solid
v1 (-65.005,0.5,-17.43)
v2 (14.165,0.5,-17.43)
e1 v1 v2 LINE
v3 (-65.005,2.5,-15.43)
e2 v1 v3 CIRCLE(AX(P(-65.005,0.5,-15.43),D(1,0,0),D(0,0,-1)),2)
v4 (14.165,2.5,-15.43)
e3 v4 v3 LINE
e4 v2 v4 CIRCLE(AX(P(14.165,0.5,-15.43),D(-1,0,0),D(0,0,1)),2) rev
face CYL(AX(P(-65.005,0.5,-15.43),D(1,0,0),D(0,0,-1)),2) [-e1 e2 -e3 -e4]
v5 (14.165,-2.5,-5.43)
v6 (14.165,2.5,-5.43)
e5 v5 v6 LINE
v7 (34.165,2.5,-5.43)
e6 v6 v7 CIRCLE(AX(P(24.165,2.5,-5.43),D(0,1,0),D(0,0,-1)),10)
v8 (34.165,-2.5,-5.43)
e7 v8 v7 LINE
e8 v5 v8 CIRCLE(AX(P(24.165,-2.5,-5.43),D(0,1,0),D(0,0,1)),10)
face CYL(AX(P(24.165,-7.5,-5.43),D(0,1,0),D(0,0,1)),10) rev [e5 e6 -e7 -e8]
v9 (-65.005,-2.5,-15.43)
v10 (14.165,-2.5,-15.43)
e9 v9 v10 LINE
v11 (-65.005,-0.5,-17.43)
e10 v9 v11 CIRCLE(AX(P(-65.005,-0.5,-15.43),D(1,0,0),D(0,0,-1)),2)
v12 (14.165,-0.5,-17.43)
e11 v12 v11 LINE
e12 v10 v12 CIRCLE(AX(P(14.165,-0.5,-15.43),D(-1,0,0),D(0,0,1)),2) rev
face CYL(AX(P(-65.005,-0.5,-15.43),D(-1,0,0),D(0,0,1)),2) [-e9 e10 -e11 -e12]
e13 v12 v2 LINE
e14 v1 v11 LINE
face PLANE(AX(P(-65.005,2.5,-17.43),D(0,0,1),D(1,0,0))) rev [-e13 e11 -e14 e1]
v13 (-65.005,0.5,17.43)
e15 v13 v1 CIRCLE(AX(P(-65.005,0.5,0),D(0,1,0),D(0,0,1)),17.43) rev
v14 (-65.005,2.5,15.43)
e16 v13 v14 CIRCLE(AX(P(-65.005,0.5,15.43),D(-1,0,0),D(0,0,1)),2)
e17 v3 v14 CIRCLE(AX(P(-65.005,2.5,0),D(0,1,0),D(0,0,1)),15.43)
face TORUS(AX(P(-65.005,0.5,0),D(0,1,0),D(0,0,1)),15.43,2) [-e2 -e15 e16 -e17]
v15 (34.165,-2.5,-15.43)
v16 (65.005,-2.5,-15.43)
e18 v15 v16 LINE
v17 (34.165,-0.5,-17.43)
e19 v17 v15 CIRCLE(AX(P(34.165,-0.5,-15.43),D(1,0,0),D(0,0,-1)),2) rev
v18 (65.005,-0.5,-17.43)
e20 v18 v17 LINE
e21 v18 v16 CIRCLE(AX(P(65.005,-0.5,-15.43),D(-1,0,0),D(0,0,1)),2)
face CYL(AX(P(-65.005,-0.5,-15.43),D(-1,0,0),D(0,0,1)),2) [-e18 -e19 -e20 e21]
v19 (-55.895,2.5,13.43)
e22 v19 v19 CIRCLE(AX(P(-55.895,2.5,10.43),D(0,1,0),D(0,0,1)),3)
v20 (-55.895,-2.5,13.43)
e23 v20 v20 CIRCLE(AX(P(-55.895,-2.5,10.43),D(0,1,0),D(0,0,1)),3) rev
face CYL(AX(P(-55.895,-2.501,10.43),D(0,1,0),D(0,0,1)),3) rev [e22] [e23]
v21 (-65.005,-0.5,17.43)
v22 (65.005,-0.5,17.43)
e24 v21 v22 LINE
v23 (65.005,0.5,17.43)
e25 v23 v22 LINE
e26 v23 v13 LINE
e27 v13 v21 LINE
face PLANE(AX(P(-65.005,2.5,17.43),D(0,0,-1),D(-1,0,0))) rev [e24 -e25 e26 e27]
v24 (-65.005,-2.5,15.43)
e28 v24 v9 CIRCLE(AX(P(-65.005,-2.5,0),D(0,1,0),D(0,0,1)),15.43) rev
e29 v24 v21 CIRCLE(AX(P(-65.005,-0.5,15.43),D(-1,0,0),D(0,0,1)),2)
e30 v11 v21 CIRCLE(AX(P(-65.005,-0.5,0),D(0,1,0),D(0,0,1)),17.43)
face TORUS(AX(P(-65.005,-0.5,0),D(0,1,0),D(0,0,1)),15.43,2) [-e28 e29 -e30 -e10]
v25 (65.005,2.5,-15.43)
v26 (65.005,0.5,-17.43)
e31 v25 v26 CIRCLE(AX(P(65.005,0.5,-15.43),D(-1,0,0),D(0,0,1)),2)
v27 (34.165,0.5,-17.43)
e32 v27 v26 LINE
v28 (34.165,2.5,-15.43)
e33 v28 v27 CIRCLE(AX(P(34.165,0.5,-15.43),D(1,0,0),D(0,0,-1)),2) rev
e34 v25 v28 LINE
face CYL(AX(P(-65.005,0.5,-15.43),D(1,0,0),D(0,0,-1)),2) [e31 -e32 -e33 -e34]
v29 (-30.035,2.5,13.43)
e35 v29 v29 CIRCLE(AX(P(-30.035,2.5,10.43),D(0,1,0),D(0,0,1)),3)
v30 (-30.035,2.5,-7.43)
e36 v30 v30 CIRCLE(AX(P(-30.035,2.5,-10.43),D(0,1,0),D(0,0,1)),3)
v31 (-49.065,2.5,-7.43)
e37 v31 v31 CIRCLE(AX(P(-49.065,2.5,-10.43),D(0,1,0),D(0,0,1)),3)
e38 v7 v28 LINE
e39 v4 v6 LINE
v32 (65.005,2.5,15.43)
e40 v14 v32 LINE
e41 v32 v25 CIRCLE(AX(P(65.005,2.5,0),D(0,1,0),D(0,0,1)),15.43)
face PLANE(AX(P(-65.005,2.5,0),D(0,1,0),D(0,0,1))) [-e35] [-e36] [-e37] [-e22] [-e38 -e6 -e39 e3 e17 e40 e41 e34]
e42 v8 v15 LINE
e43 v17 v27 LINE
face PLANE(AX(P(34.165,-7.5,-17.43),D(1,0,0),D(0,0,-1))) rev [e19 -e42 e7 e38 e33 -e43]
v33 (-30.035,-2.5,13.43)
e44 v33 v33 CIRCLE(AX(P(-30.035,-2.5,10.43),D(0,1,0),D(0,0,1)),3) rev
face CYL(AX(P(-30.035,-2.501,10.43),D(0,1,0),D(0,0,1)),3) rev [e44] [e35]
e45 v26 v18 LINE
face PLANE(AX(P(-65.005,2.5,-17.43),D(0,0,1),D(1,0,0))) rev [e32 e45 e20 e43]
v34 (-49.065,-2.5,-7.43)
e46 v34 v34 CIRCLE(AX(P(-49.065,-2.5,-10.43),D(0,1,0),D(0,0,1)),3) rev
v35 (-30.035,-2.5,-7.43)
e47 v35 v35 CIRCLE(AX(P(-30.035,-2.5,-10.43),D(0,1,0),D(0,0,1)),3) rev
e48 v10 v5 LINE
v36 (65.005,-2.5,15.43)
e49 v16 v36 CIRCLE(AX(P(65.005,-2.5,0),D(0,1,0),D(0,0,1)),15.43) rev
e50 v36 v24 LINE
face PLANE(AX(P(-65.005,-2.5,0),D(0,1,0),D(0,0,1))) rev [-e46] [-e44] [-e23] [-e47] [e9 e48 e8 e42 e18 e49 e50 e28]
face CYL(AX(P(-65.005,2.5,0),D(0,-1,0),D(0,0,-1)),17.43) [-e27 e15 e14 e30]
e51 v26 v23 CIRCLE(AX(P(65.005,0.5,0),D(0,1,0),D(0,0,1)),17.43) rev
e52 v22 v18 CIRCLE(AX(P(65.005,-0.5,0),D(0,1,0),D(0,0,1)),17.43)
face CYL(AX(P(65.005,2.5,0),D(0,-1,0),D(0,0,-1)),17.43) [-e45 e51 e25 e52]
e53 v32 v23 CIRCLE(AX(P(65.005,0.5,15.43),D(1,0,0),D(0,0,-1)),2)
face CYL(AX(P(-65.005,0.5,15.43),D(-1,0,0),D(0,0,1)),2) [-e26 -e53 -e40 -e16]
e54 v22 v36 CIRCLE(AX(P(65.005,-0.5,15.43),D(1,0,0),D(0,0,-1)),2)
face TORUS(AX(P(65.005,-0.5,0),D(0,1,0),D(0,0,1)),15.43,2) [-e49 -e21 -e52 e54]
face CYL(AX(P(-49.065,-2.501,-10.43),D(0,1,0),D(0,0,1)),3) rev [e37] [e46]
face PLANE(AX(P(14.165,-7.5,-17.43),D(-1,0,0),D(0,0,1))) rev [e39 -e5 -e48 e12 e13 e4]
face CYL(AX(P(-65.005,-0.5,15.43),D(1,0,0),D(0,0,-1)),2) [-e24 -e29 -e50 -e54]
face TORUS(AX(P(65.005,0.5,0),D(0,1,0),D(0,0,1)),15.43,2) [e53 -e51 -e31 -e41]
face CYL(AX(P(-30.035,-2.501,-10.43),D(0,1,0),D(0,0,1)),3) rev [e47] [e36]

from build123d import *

# Parameters (mm, degrees)
BOSS_EXTRUDE1_DEPTH = 2.5
CUT_EXTRUDE1_REACH  = 86.406
SKETCH2_R           = 3
FILLET1_R           = 2
CUT_EXTRUDE2_DEPTH  = 10


with BuildPart() as part:
    # Sketch1 → Boss-Extrude1 (new, symmetric)
    with BuildSketch(Plane(origin=(0, 0, 0), x_dir=(1, 0, 0), z_dir=(0, 1, 0))):
        with BuildLine():
            Line((-65.005, 17.43), (65.005, 17.43))
            ThreePointArc((65.005, 17.43), (82.435, 0), (65.005, -17.43))
            Line((65.005, -17.43), (-65.005, -17.43))
            ThreePointArc((-65.005, -17.43), (-82.435, 0), (-65.005, 17.43))
        make_face()
    extrude(amount=BOSS_EXTRUDE1_DEPTH, both=True)

    # Sketch2 → Cut-Extrude1 (cut, up to next)
    with BuildSketch(Plane(origin=(0, 2.5, 0), x_dir=(1, 0, 0), z_dir=(0, 1, 0)), mode=Mode.PRIVATE) as cut_extrude1_sk1:
        with Locations(Location((-49.065, 10.43, 0), (0, 0, 270))):
            Circle(SKETCH2_R)
    cut_extrude1_tool1 = extrude(cut_extrude1_sk1.sketch, amount=-CUT_EXTRUDE1_REACH, mode=Mode.PRIVATE) & part.part
    # Sketch2 → Cut-Extrude1 (cut, up to next)
    with BuildSketch(Plane(origin=(0, 2.5, 0), x_dir=(1, 0, 0), z_dir=(0, 1, 0)), mode=Mode.PRIVATE) as cut_extrude1_sk2:
        with Locations(Location((-30.035, 10.43, 0), (0, 0, 270))):
            Circle(SKETCH2_R)
    cut_extrude1_tool2 = extrude(cut_extrude1_sk2.sketch, amount=-CUT_EXTRUDE1_REACH, mode=Mode.PRIVATE) & part.part
    # Sketch2 → Cut-Extrude1 (cut, up to next)
    with BuildSketch(Plane(origin=(0, 2.5, 0), x_dir=(1, 0, 0), z_dir=(0, 1, 0)), mode=Mode.PRIVATE) as cut_extrude1_sk3:
        with Locations(Location((-55.895, -10.43, 0), (0, 0, 270))):
            Circle(SKETCH2_R)
    cut_extrude1_tool3 = extrude(cut_extrude1_sk3.sketch, amount=-CUT_EXTRUDE1_REACH, mode=Mode.PRIVATE) & part.part
    # Sketch2 → Cut-Extrude1 (cut, up to next)
    with BuildSketch(Plane(origin=(0, 2.5, 0), x_dir=(1, 0, 0), z_dir=(0, 1, 0)), mode=Mode.PRIVATE) as cut_extrude1_sk4:
        with Locations(Location((-30.035, -10.43, 0), (0, 0, 270))):
            Circle(SKETCH2_R)
    cut_extrude1_tool4 = extrude(cut_extrude1_sk4.sketch, amount=-CUT_EXTRUDE1_REACH, mode=Mode.PRIVATE) & part.part
    add(cut_extrude1_tool1.solids().sort_by_distance((-49.065, 2.5, -10.43))[0], mode=Mode.SUBTRACT)
    add(cut_extrude1_tool2.solids().sort_by_distance((-30.035, 2.5, -10.43))[0], mode=Mode.SUBTRACT)
    add(cut_extrude1_tool3.solids().sort_by_distance((-55.895, 2.5, 10.43))[0], mode=Mode.SUBTRACT)
    add(cut_extrude1_tool4.solids().sort_by_distance((-30.035, 2.5, 10.43))[0], mode=Mode.SUBTRACT)

    # Fillet1
    fillet1_edges = [part.edges().sort_by_distance(p)[0] for p in [
        (82.435, 2.5, 0),
        (0, 2.5, -17.43),
        (-82.435, 2.5, 0),
        (0, -2.5, -17.43),
        (82.435, -2.5, 0),
        (0, -2.5, 17.43),
        (-82.435, -2.5, 0),
        (0, 2.5, 17.43),
    ]]
    fillet(fillet1_edges, radius=FILLET1_R)

    # Sketch3 → Cut-Extrude2 (cut)
    with BuildSketch(Plane(origin=(0, 2.5, 0), x_dir=(1, 0, 0), z_dir=(0, 1, 0))):
        with BuildLine():
            Line((34.165, 17.43), (34.165, 5.43))
            ThreePointArc((34.165, 5.43), (24.165, -4.57), (14.165, 5.43))
            Line((14.165, 5.43), (14.165, 17.43))
            Line((14.165, 17.43), (34.165, 17.43))
        make_face()
    extrude(amount=-CUT_EXTRUDE2_DEPTH, mode=Mode.SUBTRACT)


solid = part.part
